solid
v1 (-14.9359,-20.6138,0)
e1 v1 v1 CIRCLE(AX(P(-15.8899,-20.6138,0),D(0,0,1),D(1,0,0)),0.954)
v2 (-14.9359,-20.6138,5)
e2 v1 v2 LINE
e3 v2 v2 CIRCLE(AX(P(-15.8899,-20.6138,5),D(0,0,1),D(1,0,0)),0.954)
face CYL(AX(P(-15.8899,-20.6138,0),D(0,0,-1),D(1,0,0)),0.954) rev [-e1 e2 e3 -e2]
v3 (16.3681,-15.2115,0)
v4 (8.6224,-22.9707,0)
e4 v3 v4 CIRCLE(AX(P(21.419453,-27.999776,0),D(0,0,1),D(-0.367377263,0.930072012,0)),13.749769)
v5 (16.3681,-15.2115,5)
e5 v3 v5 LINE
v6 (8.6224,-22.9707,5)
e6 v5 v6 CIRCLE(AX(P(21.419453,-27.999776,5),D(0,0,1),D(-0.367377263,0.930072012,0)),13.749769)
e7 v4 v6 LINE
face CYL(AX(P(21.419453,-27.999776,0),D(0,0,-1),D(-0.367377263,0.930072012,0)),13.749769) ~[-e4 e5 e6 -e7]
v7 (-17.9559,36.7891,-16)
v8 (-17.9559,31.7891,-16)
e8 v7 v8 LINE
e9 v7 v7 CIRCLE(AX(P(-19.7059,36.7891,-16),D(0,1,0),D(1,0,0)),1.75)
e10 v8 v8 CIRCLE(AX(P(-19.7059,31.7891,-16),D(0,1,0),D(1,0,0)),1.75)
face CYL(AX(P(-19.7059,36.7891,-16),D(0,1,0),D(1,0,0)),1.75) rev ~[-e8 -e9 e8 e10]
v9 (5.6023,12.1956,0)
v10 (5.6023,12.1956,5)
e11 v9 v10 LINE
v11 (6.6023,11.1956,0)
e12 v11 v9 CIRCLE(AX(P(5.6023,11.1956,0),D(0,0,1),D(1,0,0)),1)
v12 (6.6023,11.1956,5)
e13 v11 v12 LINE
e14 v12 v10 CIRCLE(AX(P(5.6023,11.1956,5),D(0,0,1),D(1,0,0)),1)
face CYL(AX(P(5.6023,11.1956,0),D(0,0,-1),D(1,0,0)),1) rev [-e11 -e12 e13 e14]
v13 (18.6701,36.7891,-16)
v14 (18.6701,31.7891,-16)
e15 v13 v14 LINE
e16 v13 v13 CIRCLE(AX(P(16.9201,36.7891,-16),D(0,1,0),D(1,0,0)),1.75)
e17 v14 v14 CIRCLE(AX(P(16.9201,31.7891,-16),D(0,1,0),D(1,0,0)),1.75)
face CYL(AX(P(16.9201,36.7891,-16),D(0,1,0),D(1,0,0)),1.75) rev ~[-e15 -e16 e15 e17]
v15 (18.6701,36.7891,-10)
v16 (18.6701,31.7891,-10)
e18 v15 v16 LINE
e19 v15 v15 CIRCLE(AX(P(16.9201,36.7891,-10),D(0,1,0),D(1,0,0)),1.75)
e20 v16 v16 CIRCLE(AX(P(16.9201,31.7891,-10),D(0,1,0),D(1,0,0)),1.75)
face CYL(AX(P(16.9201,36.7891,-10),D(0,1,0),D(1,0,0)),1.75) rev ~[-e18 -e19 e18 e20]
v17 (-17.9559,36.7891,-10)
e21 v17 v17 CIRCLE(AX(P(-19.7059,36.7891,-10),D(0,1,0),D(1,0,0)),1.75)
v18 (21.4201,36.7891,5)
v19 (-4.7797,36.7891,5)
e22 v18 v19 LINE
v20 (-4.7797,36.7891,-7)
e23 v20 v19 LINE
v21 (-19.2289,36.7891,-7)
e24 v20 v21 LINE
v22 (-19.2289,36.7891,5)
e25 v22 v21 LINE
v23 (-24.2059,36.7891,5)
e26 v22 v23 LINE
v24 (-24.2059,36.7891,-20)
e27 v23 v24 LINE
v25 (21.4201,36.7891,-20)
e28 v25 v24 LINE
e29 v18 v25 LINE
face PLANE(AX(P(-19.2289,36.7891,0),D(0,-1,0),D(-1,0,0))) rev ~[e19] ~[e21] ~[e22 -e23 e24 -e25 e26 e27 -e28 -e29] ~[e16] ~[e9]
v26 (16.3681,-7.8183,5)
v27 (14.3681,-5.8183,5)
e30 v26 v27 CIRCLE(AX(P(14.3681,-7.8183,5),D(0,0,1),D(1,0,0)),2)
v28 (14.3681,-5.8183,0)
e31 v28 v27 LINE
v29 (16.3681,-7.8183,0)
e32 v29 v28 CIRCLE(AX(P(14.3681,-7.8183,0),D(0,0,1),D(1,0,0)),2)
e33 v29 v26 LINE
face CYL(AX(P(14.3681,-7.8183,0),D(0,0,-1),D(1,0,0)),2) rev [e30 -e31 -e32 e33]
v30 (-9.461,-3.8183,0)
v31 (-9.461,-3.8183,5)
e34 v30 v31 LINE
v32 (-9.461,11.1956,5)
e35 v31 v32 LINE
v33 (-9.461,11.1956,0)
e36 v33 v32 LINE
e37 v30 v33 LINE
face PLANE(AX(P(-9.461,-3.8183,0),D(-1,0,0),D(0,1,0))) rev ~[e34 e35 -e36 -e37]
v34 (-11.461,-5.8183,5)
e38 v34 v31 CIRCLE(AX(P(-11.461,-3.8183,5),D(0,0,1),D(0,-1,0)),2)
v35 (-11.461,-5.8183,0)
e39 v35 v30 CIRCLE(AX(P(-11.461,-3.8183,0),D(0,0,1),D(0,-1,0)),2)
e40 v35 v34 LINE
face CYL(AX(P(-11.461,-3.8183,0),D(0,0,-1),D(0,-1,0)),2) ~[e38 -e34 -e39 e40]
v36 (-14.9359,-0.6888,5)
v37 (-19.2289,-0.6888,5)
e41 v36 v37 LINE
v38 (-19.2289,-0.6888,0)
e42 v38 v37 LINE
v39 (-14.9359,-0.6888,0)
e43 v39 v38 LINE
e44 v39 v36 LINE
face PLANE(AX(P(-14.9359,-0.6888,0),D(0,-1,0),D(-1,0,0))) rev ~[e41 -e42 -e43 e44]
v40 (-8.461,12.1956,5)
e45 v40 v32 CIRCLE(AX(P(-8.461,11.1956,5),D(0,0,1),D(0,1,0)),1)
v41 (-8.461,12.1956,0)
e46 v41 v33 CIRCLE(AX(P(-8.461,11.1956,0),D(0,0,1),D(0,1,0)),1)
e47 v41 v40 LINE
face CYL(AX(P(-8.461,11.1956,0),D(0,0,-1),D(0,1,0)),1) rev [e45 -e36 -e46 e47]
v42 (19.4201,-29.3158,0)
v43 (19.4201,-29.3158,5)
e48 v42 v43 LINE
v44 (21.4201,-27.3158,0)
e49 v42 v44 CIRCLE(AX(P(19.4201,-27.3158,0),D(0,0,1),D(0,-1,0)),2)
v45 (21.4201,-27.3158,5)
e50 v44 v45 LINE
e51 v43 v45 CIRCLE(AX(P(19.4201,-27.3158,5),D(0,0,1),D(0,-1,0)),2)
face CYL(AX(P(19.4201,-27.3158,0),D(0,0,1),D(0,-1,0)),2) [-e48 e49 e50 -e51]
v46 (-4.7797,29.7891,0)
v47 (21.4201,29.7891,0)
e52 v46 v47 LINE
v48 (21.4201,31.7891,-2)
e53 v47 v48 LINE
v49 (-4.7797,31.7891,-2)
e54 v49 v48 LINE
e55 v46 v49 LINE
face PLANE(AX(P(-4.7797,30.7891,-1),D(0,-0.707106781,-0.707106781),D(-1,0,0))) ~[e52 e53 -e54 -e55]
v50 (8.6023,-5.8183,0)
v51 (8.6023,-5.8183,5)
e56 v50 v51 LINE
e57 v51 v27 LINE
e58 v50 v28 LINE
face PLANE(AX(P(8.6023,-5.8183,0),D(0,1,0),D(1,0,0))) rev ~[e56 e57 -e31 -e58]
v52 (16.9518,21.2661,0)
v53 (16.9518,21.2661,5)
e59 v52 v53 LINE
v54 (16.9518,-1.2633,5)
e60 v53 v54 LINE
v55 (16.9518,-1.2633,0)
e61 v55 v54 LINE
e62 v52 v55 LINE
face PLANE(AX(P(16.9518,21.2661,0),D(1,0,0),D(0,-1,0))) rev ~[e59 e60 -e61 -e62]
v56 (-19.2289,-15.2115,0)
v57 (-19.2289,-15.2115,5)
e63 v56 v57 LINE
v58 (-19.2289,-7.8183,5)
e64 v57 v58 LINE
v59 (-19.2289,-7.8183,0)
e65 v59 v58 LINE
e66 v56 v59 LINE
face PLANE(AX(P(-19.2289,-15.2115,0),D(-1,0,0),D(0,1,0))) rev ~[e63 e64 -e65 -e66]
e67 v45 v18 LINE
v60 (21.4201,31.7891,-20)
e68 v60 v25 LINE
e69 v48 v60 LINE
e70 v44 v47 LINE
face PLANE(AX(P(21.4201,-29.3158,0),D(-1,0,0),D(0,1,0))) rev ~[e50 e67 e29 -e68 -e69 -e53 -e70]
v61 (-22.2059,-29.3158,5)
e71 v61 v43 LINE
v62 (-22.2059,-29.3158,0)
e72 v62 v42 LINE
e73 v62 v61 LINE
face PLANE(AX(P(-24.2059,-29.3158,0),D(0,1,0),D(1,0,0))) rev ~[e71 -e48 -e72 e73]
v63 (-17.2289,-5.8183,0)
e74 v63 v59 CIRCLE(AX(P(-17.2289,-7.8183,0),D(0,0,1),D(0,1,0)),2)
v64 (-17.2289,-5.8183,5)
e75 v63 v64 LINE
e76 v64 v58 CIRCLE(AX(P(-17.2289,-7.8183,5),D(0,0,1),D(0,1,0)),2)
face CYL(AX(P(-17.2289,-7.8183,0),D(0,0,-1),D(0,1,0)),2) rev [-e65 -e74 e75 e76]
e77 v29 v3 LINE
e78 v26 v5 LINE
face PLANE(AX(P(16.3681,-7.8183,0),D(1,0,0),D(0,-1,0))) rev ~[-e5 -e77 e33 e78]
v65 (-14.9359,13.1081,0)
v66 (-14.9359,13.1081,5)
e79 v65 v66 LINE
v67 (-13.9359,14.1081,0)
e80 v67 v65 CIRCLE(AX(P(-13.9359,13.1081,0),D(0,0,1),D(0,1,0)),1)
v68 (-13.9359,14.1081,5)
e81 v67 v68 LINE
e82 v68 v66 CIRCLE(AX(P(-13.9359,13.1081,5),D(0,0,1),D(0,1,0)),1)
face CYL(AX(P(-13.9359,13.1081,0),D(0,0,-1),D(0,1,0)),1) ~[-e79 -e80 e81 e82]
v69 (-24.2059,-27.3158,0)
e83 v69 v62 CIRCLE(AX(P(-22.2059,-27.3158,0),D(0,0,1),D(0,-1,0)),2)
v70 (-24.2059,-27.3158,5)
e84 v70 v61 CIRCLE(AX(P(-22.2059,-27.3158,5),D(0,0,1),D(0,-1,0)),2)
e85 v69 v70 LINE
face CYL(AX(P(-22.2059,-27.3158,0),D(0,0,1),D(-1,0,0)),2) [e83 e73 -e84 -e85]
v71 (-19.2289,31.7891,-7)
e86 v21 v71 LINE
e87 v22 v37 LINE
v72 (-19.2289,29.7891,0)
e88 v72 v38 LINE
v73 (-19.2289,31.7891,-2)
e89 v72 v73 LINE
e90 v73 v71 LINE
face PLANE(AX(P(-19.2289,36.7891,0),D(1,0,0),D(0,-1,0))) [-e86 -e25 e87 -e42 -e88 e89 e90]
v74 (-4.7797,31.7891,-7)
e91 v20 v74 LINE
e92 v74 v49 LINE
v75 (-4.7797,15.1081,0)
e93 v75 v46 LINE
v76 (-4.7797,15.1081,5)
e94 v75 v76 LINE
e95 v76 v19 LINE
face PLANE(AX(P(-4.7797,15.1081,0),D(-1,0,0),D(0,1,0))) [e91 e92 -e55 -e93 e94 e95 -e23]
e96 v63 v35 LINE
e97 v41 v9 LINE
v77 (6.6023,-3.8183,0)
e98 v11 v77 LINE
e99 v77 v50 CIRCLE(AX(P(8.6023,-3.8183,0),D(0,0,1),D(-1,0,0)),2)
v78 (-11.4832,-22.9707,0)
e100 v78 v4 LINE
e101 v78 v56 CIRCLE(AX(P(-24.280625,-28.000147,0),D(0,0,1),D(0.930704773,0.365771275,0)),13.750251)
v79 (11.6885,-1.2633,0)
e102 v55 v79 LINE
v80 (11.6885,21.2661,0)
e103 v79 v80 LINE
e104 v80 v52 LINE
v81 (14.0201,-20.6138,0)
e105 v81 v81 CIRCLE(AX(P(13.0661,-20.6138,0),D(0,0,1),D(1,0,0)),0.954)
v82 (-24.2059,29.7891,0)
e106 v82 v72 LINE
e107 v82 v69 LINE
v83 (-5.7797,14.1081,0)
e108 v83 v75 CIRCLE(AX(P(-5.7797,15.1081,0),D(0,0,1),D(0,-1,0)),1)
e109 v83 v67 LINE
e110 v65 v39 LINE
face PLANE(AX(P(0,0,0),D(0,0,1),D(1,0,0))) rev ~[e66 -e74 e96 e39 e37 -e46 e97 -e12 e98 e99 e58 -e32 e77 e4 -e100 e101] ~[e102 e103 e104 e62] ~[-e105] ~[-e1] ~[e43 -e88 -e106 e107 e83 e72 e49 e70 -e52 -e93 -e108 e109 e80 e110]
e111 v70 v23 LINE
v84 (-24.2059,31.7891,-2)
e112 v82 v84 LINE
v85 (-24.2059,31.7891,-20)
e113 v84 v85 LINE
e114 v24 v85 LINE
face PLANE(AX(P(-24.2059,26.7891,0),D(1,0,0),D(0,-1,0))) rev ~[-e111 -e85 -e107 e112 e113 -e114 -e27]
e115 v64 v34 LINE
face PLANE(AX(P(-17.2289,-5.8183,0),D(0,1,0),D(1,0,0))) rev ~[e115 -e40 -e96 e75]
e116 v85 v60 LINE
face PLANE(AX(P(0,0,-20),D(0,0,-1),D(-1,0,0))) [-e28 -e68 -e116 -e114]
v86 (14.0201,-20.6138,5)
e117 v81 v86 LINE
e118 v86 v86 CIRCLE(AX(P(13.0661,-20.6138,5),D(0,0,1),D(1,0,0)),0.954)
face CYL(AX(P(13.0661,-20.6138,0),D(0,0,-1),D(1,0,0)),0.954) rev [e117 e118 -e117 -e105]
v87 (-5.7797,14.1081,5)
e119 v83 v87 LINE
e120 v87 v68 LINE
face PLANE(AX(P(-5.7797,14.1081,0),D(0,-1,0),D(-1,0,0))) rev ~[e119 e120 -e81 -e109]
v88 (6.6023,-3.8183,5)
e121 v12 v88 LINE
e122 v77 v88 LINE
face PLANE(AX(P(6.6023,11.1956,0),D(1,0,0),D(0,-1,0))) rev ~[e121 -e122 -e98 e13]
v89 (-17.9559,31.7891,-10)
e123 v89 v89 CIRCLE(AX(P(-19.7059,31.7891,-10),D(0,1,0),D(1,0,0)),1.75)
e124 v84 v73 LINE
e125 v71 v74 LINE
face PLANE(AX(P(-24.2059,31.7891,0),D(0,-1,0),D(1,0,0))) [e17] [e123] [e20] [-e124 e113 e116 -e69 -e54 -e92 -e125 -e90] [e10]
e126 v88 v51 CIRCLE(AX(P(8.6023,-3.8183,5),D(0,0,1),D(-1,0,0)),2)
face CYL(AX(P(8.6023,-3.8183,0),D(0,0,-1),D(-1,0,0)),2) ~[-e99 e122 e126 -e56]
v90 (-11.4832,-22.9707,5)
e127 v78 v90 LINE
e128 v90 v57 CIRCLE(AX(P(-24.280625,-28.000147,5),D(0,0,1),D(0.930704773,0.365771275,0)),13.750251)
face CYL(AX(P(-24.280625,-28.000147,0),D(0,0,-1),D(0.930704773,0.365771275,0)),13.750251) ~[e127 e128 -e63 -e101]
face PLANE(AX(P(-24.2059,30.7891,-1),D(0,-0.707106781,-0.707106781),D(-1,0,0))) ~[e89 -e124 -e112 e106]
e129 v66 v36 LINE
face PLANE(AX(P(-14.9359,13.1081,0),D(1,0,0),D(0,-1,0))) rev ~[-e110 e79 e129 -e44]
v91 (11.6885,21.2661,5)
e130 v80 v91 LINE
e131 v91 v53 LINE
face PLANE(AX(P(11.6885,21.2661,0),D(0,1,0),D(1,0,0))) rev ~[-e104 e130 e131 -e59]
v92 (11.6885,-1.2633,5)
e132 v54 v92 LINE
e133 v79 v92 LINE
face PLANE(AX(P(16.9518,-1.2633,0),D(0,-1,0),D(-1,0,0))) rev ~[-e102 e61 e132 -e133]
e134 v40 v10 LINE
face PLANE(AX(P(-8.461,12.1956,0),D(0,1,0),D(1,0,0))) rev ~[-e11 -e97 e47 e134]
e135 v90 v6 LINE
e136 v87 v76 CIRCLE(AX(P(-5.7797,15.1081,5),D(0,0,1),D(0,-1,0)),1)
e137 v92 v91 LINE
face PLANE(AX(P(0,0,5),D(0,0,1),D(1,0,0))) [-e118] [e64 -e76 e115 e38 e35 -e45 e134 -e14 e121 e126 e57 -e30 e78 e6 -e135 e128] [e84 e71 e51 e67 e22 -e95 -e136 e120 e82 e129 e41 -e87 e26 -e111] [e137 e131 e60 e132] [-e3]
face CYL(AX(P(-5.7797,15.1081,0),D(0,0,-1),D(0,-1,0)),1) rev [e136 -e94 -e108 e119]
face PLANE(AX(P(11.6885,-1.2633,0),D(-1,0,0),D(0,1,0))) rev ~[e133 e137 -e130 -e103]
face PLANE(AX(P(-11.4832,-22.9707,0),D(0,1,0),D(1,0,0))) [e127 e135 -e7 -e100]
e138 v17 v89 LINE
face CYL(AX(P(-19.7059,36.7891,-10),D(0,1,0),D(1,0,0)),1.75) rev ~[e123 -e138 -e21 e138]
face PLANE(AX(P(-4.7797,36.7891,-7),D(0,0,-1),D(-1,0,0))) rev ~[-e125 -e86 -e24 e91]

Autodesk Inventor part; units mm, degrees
ref_plane "YZ Plane" through (0, 0, 0) normal (1, 0, 0) x (0, 1, 0)
ref_plane "XZ Plane" through (0, 0, 0) normal (0, 1, 0) x (-1, 0, 0)
ref_plane "XY Plane" through (0, 0, 0) normal (0, 0, 1) x (1, 0, 0)
sketch "スケッチ1" plane through (0, 0, 0) normal (0, 0, 1) x (1, 0, 0)
  line L0 (-24.2059, 21.7891) -> (-24.2059, -29.3158)
  line L1 (-24.2059, -29.3158) -> (21.4201, -29.3158)
  line L2 (21.4196, -22.9707) -> (21.4201, -22.9707)
  line L3 (-11.4832, -22.9707) -> (8.6224, -22.9707)
  arc A0 (-11.4832, -22.9707) -> (-19.2289, -15.2115) centre (-24.2804, -28) ccw
  line L4 (-19.2289, -15.2115) -> (-19.2289, -7.8183)
  arc A1 (-17.2289, -5.8183) -> (-19.2289, -7.8183) centre (-17.2289, -7.8183) ccw
  line L5 (-17.2289, -5.8183) -> (-11.461, -5.8183)
  arc A2 (-11.461, -5.8183) -> (-9.461, -3.8183) centre (-11.461, -3.8183) ccw
  line L6 (-9.461, -3.8183) -> (-9.461, 11.1956)
  arc A3 (-8.461, 12.1956) -> (-9.461, 11.1956) centre (-8.461, 11.1956) ccw
  line L7 (-8.461, 12.1956) -> (5.6023, 12.1956)
  arc A4 (6.6023, 11.1956) -> (5.6023, 12.1956) centre (5.6023, 11.1956) ccw
  line L8 (6.6023, 11.1956) -> (6.6023, -3.8183)
  arc A5 (6.6023, -3.8183) -> (8.6023, -5.8183) centre (8.6023, -3.8183) ccw
  line L9 (8.6023, -5.8183) -> (14.3681, -5.8183)
  arc A6 (16.3681, -7.8183) -> (14.3681, -5.8183) centre (14.3681, -7.8183) ccw
  line L10 (16.3681, -7.8183) -> (16.3681, -15.2115)
  arc A7 (16.3681, -15.2115) -> (8.6224, -22.9707) centre (21.4196, -28) ccw
  circle A8 centre (13.0661, -20.6138) radius 0.954
  circle A9 centre (-15.8899, -20.6138) radius 0.954
  arc A10 (-13.9359, 14.1081) -> (-14.9359, 13.1081) centre (-13.9359, 13.1081) ccw
  line L11 (-14.9359, 13.1081) -> (-14.9359, -0.6888)
  line L12 (-14.9359, -0.6888) -> (-19.2289, -0.6888)
  arc A11 (-5.7797, 14.1081) -> (-4.7797, 15.1081) centre (-5.7797, 15.1081) ccw
  line L13 (-5.7797, 14.1081) -> (-13.9359, 14.1081)
  line L14 (-24.2059, 26.7891) -> (-24.2059, 21.7891)
  line L15 (21.4201, -29.3158) -> (-24.2059, -29.3158)
  line L16 (-24.2059, -29.3158) -> (-24.2059, 26.7891)
  line L17 (21.4196, 26.7891) -> (21.4201, 26.7891)
  line L18 (-24.2059, 36.7891) -> (-24.2059, 26.7891)
  line L19 (-19.2289, 36.7891) -> (-24.2059, 36.7891)
  line L20 (-19.2289, 36.7891) -> (-19.2289, -0.6888)
  line L21 (-4.7797, 15.1081) -> (-4.7797, 36.7891)
  line L22 (21.4201, -29.3158) -> (21.4201, 36.7891)
  line L23 (21.4201, 36.7891) -> (-4.7797, 36.7891)
  line L24 (11.6885, 21.2661) -> (16.9518, 21.2661)
  line L25 (16.9518, 21.2661) -> (16.9518, -1.2633)
  line L26 (16.9518, -1.2633) -> (11.6885, -1.2633)
  line L27 (11.6885, -1.2633) -> (11.6885, 21.2661)
  point P0 (0, 0)
  point P1 (0, 0)
extrude "押し出し1" add sketch "スケッチ1" along normal blind 5
sketch "スケッチ2" plane through (0, 0, 0) normal (0, 0, -1) x (-1, 0, 0)
  line L0 (24.2059, 36.7891) -> (24.2059, -29.3158) projected
  line L1 (-21.4201, 36.7891) -> (24.2059, 36.7891)
  line L2 (24.2059, 36.7891) -> (24.2059, 31.7891)
  line L3 (24.2059, 31.7891) -> (-21.4201, 31.7891)
  line L4 (-21.4201, 31.7891) -> (-21.4201, 36.7891)
  point P0 (0, 0)
  dimension "d4" = 5
extrude "押し出し2" add sketch "スケッチ2" along normal blind 20
sketch "スケッチ3" plane through (-4.7797, 36.7891, 5) normal (0, 1, 0) x (1, 0, 0)
  line L0 (-10.1561, 5) -> (-14.4492, 5) projected
  line L1 (-14.4492, 5) -> (0, 5)
  line L2 (0, 5) -> (0, 12)
  line L3 (0, 12) -> (-14.4492, 12)
  line L4 (-14.4492, 12) -> (-14.4492, 5)
  point P0 (4.7797, 5)
  dimension "d7" = 7
extrude "押し出し3" cut sketch "スケッチ3" against normal blind 20
sketch "スケッチ4" plane through (-4.7797, 36.7891, 5) normal (0, 1, 0) x (1, 0, 0)
  circle A0 centre (-14.9262, 21) radius 1.75
  line L0 (-19.4262, 25) -> (26.1998, 25) projected
  line L1 (-19.4262, 25) -> (-19.4262, 0) projected
  circle A1 centre (21.6998, 21) radius 1.75
  line L2 (26.1998, 25) -> (26.1998, 0) projected
  circle A2 centre (21.6998, 15) radius 1.75
  circle A3 centre (-14.9262, 15) radius 1.75
  point P0 (4.7797, 5)
  dimension "d10" = 3.5
  dimension "d11" = 4
  dimension "d12" = 4.5
  dimension "d13" = 3.5
  dimension "d14" = 4
  dimension "d15" = 4.5
  dimension "d16" = 3.5
  dimension "d17" = 6
  dimension "d18" = 3.5
fillet "フィレット1" radius 2 2 edges at (-24.2059, -29.3158, 2.5) (21.4201, -29.3158, 2.5)
extrude "押し出し4" cut sketch "スケッチ4" against normal blind 20
chamfer "面取り1" distance 2 angle 45 2 edges at (8.3202, 31.7891, 0) (-21.7174, 31.7891, 0)
sketch "スケッチ5" plane through (-4.7797, 36.7891, 5) normal (0, 1, 0) x (1, 0, 0)
  circle A0 centre (21.6998, 15) radius 1.75 projected
  circle A1 centre (-14.9262, 21) radius 1.75 projected
  circle A2 centre (21.6998, 21) radius 1.75 projected
  circle A3 centre (-14.9262, 15) radius 1.75 projected
  line L0 (-14.4492, 12) -> (-14.4492, 0) projected
  line L1 (-14.4492, 12) -> (0, 12) projected
  line L2 (0, 12) -> (0, 0) projected
  line L3 (26.1998, 0) -> (0, 0) projected
  line L4 (26.1998, 25) -> (26.1998, 0) projected
  line L5 (-19.4262, 25) -> (26.1998, 25) projected
  line L6 (-19.4262, 25) -> (-19.4262, 0) projected
  line L7 (-14.4492, 0) -> (-19.4262, 0) projected
  point P0 (4.7797, 5)
properties part number "OpenMV-Mount-v2"
